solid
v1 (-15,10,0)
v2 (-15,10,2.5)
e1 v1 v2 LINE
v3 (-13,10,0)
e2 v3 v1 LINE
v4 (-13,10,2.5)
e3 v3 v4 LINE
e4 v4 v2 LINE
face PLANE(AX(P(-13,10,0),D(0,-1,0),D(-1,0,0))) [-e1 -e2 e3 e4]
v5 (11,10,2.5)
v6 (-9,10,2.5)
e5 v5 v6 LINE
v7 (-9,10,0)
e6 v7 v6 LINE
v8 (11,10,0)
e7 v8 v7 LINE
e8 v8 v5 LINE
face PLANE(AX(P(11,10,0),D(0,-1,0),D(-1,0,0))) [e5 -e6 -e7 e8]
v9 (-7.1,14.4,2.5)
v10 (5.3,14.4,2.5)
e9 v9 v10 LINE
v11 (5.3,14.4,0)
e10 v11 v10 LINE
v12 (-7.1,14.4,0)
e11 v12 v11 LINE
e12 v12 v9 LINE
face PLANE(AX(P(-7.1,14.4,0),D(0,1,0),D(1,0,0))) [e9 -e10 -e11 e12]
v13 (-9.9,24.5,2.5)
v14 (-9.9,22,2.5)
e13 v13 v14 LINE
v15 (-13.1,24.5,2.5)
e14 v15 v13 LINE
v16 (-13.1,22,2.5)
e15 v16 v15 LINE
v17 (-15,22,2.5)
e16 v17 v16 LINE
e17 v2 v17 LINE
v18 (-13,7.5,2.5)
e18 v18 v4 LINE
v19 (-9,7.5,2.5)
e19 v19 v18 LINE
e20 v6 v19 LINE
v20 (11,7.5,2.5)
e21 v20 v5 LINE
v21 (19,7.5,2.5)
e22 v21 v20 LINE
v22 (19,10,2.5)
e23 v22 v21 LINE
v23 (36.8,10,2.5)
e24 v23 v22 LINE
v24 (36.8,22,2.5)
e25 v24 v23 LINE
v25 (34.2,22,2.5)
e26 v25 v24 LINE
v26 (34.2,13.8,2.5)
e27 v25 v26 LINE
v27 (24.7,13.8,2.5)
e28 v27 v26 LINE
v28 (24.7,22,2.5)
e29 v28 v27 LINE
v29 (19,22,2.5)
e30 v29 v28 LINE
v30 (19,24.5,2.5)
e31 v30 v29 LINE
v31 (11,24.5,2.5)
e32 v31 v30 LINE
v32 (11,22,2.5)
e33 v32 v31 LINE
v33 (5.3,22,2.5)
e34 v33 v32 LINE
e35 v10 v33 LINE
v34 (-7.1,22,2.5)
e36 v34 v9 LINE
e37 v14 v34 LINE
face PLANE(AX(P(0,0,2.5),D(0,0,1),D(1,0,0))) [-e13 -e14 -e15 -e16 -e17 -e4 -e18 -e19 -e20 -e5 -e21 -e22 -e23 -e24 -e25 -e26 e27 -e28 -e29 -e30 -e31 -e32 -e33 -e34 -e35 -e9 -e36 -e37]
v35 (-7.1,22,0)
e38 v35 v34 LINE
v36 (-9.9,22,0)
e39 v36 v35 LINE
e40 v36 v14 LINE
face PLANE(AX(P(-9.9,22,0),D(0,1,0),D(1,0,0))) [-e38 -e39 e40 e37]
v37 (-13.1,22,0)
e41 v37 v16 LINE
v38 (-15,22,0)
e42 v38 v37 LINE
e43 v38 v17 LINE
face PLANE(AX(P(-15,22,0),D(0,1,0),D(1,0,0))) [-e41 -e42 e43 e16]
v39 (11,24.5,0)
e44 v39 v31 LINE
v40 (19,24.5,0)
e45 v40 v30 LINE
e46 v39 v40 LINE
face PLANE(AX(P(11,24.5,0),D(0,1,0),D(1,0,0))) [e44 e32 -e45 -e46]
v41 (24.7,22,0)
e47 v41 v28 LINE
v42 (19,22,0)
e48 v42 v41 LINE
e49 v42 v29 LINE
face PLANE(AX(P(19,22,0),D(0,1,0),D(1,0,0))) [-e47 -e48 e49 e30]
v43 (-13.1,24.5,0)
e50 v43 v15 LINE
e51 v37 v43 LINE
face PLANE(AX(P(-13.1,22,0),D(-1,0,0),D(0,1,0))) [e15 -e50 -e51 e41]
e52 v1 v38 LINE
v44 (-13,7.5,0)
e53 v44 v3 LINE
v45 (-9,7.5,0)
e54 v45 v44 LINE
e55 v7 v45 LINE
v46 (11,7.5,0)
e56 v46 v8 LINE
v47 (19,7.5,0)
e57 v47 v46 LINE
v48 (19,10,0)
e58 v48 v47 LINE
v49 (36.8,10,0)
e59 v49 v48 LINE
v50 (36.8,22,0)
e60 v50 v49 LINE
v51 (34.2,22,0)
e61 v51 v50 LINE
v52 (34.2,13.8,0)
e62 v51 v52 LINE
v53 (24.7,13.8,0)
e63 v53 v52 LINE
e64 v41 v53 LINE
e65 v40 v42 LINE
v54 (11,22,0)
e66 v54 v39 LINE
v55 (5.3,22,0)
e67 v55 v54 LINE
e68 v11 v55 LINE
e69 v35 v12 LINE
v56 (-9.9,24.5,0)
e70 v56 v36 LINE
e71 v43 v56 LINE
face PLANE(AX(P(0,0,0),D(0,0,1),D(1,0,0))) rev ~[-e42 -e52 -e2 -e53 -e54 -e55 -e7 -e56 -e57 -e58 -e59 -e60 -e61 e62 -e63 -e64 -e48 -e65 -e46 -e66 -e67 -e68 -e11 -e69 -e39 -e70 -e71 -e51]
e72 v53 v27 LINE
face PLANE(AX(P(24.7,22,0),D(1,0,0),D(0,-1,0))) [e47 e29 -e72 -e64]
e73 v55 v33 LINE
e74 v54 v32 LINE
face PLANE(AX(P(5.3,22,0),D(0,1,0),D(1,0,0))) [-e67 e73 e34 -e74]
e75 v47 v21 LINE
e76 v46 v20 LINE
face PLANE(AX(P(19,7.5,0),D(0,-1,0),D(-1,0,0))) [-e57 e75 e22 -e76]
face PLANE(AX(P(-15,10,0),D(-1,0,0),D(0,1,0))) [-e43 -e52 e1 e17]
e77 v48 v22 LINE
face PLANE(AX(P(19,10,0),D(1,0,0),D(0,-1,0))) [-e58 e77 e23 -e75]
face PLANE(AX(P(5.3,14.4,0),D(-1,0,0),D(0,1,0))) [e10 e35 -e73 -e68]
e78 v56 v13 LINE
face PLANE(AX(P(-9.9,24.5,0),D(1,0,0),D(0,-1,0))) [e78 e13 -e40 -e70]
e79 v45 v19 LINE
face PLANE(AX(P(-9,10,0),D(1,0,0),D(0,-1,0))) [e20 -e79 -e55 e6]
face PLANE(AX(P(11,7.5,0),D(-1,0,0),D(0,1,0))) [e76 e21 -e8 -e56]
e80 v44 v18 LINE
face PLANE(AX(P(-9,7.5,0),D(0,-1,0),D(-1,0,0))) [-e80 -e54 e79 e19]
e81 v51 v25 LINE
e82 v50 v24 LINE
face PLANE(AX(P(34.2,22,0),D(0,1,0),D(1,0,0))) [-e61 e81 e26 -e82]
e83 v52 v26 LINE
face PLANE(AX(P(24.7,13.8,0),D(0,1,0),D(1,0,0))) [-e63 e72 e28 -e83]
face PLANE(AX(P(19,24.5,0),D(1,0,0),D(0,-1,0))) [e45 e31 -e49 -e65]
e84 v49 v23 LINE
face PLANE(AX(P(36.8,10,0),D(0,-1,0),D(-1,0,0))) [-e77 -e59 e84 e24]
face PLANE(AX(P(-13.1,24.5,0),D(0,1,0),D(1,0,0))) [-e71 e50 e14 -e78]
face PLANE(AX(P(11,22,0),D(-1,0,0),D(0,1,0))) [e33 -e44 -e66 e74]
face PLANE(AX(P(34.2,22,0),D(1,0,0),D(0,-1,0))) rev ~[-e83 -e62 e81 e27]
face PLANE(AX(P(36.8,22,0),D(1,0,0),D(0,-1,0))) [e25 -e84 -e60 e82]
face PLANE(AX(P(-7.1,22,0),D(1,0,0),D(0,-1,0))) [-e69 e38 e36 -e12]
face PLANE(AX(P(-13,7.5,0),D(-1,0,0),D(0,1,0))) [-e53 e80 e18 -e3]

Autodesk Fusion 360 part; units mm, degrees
sketch "Sketch1" plane through (0, 0, 0) normal (0, 0, 1) x (1, 0, 0)
  line L0 (-15, 10) -> (-15, 22)
  line L1 (-15, 22) -> (-13.1, 22)
  line L2 (-13.1, 22) -> (-13.1, 24.5)
  line L3 (-13.1, 24.5) -> (-9.9, 24.5)
  line L4 (-9.9, 24.5) -> (-9.9, 22)
  line L5 (-9.9, 22) -> (-7.1, 22)
  line L6 (-7.1, 22) -> (-7.1, 14.4)
  line L7 (-7.1, 14.4) -> (5.3, 14.4)
  line L8 (5.3, 14.4) -> (5.3, 22)
  line L9 (5.3, 22) -> (11, 22)
  line L10 (11, 22) -> (11, 24.5)
  line L11 (11, 24.5) -> (19, 24.5)
  line L12 (19, 24.5) -> (19, 22)
  line L13 (19, 22) -> (24.7, 22)
  line L14 (34.2, 22) -> (36.8, 22)
  line L15 (36.8, 22) -> (36.8, 10)
  line L16 (36.8, 10) -> (19, 10)
  line L17 (19, 10) -> (19, 7.5)
  line L18 (19, 7.5) -> (11, 7.5)
  line L19 (11, 7.5) -> (11, 10)
  line L20 (11, 10) -> (-9, 10)
  line L21 (-9, 10) -> (-9, 7.5)
  line L22 (-9, 7.5) -> (-13, 7.5)
  line L23 (-13, 7.5) -> (-13, 10)
  line L24 (-13, 10) -> (-15, 10)
  line L25 (24.7, 22) -> (24.7, 13.8)
  line L26 (34.2, 22) -> (34.2, 13.8)
  line L27 (24.7, 13.8) -> (34.2, 13.8)
  dimension "d1" = 12
  dimension "d2" = 1.9
  dimension "d3" = 2.5
  dimension "d4" = 3.2
  dimension "d5" = 2.5
  dimension "d6" = 2.8
  dimension "d7" = 7.6
  dimension "d8" = 12.4
  dimension "d9" = 7.6
  dimension "d10" = 5.7
  dimension "d11" = 2.5
  dimension "d12" = 8
  dimension "d13" = 2.5
  dimension "d14" = 5.7
  dimension "d18" = 2.6
  dimension "d19" = 12
  dimension "d20" = 17.8
  dimension "d21" = 2.5
  dimension "d22" = 8
  dimension "d23" = 2.5
  dimension "d24" = 20
  dimension "d25" = 2.5
  dimension "d26" = 4
  dimension "d27" = 2.5
  dimension "d28" = 8.2
  dimension "d29" = 8.2
extrude "Extrude1" add sketch "Sketch1" along normal blind 2.5
